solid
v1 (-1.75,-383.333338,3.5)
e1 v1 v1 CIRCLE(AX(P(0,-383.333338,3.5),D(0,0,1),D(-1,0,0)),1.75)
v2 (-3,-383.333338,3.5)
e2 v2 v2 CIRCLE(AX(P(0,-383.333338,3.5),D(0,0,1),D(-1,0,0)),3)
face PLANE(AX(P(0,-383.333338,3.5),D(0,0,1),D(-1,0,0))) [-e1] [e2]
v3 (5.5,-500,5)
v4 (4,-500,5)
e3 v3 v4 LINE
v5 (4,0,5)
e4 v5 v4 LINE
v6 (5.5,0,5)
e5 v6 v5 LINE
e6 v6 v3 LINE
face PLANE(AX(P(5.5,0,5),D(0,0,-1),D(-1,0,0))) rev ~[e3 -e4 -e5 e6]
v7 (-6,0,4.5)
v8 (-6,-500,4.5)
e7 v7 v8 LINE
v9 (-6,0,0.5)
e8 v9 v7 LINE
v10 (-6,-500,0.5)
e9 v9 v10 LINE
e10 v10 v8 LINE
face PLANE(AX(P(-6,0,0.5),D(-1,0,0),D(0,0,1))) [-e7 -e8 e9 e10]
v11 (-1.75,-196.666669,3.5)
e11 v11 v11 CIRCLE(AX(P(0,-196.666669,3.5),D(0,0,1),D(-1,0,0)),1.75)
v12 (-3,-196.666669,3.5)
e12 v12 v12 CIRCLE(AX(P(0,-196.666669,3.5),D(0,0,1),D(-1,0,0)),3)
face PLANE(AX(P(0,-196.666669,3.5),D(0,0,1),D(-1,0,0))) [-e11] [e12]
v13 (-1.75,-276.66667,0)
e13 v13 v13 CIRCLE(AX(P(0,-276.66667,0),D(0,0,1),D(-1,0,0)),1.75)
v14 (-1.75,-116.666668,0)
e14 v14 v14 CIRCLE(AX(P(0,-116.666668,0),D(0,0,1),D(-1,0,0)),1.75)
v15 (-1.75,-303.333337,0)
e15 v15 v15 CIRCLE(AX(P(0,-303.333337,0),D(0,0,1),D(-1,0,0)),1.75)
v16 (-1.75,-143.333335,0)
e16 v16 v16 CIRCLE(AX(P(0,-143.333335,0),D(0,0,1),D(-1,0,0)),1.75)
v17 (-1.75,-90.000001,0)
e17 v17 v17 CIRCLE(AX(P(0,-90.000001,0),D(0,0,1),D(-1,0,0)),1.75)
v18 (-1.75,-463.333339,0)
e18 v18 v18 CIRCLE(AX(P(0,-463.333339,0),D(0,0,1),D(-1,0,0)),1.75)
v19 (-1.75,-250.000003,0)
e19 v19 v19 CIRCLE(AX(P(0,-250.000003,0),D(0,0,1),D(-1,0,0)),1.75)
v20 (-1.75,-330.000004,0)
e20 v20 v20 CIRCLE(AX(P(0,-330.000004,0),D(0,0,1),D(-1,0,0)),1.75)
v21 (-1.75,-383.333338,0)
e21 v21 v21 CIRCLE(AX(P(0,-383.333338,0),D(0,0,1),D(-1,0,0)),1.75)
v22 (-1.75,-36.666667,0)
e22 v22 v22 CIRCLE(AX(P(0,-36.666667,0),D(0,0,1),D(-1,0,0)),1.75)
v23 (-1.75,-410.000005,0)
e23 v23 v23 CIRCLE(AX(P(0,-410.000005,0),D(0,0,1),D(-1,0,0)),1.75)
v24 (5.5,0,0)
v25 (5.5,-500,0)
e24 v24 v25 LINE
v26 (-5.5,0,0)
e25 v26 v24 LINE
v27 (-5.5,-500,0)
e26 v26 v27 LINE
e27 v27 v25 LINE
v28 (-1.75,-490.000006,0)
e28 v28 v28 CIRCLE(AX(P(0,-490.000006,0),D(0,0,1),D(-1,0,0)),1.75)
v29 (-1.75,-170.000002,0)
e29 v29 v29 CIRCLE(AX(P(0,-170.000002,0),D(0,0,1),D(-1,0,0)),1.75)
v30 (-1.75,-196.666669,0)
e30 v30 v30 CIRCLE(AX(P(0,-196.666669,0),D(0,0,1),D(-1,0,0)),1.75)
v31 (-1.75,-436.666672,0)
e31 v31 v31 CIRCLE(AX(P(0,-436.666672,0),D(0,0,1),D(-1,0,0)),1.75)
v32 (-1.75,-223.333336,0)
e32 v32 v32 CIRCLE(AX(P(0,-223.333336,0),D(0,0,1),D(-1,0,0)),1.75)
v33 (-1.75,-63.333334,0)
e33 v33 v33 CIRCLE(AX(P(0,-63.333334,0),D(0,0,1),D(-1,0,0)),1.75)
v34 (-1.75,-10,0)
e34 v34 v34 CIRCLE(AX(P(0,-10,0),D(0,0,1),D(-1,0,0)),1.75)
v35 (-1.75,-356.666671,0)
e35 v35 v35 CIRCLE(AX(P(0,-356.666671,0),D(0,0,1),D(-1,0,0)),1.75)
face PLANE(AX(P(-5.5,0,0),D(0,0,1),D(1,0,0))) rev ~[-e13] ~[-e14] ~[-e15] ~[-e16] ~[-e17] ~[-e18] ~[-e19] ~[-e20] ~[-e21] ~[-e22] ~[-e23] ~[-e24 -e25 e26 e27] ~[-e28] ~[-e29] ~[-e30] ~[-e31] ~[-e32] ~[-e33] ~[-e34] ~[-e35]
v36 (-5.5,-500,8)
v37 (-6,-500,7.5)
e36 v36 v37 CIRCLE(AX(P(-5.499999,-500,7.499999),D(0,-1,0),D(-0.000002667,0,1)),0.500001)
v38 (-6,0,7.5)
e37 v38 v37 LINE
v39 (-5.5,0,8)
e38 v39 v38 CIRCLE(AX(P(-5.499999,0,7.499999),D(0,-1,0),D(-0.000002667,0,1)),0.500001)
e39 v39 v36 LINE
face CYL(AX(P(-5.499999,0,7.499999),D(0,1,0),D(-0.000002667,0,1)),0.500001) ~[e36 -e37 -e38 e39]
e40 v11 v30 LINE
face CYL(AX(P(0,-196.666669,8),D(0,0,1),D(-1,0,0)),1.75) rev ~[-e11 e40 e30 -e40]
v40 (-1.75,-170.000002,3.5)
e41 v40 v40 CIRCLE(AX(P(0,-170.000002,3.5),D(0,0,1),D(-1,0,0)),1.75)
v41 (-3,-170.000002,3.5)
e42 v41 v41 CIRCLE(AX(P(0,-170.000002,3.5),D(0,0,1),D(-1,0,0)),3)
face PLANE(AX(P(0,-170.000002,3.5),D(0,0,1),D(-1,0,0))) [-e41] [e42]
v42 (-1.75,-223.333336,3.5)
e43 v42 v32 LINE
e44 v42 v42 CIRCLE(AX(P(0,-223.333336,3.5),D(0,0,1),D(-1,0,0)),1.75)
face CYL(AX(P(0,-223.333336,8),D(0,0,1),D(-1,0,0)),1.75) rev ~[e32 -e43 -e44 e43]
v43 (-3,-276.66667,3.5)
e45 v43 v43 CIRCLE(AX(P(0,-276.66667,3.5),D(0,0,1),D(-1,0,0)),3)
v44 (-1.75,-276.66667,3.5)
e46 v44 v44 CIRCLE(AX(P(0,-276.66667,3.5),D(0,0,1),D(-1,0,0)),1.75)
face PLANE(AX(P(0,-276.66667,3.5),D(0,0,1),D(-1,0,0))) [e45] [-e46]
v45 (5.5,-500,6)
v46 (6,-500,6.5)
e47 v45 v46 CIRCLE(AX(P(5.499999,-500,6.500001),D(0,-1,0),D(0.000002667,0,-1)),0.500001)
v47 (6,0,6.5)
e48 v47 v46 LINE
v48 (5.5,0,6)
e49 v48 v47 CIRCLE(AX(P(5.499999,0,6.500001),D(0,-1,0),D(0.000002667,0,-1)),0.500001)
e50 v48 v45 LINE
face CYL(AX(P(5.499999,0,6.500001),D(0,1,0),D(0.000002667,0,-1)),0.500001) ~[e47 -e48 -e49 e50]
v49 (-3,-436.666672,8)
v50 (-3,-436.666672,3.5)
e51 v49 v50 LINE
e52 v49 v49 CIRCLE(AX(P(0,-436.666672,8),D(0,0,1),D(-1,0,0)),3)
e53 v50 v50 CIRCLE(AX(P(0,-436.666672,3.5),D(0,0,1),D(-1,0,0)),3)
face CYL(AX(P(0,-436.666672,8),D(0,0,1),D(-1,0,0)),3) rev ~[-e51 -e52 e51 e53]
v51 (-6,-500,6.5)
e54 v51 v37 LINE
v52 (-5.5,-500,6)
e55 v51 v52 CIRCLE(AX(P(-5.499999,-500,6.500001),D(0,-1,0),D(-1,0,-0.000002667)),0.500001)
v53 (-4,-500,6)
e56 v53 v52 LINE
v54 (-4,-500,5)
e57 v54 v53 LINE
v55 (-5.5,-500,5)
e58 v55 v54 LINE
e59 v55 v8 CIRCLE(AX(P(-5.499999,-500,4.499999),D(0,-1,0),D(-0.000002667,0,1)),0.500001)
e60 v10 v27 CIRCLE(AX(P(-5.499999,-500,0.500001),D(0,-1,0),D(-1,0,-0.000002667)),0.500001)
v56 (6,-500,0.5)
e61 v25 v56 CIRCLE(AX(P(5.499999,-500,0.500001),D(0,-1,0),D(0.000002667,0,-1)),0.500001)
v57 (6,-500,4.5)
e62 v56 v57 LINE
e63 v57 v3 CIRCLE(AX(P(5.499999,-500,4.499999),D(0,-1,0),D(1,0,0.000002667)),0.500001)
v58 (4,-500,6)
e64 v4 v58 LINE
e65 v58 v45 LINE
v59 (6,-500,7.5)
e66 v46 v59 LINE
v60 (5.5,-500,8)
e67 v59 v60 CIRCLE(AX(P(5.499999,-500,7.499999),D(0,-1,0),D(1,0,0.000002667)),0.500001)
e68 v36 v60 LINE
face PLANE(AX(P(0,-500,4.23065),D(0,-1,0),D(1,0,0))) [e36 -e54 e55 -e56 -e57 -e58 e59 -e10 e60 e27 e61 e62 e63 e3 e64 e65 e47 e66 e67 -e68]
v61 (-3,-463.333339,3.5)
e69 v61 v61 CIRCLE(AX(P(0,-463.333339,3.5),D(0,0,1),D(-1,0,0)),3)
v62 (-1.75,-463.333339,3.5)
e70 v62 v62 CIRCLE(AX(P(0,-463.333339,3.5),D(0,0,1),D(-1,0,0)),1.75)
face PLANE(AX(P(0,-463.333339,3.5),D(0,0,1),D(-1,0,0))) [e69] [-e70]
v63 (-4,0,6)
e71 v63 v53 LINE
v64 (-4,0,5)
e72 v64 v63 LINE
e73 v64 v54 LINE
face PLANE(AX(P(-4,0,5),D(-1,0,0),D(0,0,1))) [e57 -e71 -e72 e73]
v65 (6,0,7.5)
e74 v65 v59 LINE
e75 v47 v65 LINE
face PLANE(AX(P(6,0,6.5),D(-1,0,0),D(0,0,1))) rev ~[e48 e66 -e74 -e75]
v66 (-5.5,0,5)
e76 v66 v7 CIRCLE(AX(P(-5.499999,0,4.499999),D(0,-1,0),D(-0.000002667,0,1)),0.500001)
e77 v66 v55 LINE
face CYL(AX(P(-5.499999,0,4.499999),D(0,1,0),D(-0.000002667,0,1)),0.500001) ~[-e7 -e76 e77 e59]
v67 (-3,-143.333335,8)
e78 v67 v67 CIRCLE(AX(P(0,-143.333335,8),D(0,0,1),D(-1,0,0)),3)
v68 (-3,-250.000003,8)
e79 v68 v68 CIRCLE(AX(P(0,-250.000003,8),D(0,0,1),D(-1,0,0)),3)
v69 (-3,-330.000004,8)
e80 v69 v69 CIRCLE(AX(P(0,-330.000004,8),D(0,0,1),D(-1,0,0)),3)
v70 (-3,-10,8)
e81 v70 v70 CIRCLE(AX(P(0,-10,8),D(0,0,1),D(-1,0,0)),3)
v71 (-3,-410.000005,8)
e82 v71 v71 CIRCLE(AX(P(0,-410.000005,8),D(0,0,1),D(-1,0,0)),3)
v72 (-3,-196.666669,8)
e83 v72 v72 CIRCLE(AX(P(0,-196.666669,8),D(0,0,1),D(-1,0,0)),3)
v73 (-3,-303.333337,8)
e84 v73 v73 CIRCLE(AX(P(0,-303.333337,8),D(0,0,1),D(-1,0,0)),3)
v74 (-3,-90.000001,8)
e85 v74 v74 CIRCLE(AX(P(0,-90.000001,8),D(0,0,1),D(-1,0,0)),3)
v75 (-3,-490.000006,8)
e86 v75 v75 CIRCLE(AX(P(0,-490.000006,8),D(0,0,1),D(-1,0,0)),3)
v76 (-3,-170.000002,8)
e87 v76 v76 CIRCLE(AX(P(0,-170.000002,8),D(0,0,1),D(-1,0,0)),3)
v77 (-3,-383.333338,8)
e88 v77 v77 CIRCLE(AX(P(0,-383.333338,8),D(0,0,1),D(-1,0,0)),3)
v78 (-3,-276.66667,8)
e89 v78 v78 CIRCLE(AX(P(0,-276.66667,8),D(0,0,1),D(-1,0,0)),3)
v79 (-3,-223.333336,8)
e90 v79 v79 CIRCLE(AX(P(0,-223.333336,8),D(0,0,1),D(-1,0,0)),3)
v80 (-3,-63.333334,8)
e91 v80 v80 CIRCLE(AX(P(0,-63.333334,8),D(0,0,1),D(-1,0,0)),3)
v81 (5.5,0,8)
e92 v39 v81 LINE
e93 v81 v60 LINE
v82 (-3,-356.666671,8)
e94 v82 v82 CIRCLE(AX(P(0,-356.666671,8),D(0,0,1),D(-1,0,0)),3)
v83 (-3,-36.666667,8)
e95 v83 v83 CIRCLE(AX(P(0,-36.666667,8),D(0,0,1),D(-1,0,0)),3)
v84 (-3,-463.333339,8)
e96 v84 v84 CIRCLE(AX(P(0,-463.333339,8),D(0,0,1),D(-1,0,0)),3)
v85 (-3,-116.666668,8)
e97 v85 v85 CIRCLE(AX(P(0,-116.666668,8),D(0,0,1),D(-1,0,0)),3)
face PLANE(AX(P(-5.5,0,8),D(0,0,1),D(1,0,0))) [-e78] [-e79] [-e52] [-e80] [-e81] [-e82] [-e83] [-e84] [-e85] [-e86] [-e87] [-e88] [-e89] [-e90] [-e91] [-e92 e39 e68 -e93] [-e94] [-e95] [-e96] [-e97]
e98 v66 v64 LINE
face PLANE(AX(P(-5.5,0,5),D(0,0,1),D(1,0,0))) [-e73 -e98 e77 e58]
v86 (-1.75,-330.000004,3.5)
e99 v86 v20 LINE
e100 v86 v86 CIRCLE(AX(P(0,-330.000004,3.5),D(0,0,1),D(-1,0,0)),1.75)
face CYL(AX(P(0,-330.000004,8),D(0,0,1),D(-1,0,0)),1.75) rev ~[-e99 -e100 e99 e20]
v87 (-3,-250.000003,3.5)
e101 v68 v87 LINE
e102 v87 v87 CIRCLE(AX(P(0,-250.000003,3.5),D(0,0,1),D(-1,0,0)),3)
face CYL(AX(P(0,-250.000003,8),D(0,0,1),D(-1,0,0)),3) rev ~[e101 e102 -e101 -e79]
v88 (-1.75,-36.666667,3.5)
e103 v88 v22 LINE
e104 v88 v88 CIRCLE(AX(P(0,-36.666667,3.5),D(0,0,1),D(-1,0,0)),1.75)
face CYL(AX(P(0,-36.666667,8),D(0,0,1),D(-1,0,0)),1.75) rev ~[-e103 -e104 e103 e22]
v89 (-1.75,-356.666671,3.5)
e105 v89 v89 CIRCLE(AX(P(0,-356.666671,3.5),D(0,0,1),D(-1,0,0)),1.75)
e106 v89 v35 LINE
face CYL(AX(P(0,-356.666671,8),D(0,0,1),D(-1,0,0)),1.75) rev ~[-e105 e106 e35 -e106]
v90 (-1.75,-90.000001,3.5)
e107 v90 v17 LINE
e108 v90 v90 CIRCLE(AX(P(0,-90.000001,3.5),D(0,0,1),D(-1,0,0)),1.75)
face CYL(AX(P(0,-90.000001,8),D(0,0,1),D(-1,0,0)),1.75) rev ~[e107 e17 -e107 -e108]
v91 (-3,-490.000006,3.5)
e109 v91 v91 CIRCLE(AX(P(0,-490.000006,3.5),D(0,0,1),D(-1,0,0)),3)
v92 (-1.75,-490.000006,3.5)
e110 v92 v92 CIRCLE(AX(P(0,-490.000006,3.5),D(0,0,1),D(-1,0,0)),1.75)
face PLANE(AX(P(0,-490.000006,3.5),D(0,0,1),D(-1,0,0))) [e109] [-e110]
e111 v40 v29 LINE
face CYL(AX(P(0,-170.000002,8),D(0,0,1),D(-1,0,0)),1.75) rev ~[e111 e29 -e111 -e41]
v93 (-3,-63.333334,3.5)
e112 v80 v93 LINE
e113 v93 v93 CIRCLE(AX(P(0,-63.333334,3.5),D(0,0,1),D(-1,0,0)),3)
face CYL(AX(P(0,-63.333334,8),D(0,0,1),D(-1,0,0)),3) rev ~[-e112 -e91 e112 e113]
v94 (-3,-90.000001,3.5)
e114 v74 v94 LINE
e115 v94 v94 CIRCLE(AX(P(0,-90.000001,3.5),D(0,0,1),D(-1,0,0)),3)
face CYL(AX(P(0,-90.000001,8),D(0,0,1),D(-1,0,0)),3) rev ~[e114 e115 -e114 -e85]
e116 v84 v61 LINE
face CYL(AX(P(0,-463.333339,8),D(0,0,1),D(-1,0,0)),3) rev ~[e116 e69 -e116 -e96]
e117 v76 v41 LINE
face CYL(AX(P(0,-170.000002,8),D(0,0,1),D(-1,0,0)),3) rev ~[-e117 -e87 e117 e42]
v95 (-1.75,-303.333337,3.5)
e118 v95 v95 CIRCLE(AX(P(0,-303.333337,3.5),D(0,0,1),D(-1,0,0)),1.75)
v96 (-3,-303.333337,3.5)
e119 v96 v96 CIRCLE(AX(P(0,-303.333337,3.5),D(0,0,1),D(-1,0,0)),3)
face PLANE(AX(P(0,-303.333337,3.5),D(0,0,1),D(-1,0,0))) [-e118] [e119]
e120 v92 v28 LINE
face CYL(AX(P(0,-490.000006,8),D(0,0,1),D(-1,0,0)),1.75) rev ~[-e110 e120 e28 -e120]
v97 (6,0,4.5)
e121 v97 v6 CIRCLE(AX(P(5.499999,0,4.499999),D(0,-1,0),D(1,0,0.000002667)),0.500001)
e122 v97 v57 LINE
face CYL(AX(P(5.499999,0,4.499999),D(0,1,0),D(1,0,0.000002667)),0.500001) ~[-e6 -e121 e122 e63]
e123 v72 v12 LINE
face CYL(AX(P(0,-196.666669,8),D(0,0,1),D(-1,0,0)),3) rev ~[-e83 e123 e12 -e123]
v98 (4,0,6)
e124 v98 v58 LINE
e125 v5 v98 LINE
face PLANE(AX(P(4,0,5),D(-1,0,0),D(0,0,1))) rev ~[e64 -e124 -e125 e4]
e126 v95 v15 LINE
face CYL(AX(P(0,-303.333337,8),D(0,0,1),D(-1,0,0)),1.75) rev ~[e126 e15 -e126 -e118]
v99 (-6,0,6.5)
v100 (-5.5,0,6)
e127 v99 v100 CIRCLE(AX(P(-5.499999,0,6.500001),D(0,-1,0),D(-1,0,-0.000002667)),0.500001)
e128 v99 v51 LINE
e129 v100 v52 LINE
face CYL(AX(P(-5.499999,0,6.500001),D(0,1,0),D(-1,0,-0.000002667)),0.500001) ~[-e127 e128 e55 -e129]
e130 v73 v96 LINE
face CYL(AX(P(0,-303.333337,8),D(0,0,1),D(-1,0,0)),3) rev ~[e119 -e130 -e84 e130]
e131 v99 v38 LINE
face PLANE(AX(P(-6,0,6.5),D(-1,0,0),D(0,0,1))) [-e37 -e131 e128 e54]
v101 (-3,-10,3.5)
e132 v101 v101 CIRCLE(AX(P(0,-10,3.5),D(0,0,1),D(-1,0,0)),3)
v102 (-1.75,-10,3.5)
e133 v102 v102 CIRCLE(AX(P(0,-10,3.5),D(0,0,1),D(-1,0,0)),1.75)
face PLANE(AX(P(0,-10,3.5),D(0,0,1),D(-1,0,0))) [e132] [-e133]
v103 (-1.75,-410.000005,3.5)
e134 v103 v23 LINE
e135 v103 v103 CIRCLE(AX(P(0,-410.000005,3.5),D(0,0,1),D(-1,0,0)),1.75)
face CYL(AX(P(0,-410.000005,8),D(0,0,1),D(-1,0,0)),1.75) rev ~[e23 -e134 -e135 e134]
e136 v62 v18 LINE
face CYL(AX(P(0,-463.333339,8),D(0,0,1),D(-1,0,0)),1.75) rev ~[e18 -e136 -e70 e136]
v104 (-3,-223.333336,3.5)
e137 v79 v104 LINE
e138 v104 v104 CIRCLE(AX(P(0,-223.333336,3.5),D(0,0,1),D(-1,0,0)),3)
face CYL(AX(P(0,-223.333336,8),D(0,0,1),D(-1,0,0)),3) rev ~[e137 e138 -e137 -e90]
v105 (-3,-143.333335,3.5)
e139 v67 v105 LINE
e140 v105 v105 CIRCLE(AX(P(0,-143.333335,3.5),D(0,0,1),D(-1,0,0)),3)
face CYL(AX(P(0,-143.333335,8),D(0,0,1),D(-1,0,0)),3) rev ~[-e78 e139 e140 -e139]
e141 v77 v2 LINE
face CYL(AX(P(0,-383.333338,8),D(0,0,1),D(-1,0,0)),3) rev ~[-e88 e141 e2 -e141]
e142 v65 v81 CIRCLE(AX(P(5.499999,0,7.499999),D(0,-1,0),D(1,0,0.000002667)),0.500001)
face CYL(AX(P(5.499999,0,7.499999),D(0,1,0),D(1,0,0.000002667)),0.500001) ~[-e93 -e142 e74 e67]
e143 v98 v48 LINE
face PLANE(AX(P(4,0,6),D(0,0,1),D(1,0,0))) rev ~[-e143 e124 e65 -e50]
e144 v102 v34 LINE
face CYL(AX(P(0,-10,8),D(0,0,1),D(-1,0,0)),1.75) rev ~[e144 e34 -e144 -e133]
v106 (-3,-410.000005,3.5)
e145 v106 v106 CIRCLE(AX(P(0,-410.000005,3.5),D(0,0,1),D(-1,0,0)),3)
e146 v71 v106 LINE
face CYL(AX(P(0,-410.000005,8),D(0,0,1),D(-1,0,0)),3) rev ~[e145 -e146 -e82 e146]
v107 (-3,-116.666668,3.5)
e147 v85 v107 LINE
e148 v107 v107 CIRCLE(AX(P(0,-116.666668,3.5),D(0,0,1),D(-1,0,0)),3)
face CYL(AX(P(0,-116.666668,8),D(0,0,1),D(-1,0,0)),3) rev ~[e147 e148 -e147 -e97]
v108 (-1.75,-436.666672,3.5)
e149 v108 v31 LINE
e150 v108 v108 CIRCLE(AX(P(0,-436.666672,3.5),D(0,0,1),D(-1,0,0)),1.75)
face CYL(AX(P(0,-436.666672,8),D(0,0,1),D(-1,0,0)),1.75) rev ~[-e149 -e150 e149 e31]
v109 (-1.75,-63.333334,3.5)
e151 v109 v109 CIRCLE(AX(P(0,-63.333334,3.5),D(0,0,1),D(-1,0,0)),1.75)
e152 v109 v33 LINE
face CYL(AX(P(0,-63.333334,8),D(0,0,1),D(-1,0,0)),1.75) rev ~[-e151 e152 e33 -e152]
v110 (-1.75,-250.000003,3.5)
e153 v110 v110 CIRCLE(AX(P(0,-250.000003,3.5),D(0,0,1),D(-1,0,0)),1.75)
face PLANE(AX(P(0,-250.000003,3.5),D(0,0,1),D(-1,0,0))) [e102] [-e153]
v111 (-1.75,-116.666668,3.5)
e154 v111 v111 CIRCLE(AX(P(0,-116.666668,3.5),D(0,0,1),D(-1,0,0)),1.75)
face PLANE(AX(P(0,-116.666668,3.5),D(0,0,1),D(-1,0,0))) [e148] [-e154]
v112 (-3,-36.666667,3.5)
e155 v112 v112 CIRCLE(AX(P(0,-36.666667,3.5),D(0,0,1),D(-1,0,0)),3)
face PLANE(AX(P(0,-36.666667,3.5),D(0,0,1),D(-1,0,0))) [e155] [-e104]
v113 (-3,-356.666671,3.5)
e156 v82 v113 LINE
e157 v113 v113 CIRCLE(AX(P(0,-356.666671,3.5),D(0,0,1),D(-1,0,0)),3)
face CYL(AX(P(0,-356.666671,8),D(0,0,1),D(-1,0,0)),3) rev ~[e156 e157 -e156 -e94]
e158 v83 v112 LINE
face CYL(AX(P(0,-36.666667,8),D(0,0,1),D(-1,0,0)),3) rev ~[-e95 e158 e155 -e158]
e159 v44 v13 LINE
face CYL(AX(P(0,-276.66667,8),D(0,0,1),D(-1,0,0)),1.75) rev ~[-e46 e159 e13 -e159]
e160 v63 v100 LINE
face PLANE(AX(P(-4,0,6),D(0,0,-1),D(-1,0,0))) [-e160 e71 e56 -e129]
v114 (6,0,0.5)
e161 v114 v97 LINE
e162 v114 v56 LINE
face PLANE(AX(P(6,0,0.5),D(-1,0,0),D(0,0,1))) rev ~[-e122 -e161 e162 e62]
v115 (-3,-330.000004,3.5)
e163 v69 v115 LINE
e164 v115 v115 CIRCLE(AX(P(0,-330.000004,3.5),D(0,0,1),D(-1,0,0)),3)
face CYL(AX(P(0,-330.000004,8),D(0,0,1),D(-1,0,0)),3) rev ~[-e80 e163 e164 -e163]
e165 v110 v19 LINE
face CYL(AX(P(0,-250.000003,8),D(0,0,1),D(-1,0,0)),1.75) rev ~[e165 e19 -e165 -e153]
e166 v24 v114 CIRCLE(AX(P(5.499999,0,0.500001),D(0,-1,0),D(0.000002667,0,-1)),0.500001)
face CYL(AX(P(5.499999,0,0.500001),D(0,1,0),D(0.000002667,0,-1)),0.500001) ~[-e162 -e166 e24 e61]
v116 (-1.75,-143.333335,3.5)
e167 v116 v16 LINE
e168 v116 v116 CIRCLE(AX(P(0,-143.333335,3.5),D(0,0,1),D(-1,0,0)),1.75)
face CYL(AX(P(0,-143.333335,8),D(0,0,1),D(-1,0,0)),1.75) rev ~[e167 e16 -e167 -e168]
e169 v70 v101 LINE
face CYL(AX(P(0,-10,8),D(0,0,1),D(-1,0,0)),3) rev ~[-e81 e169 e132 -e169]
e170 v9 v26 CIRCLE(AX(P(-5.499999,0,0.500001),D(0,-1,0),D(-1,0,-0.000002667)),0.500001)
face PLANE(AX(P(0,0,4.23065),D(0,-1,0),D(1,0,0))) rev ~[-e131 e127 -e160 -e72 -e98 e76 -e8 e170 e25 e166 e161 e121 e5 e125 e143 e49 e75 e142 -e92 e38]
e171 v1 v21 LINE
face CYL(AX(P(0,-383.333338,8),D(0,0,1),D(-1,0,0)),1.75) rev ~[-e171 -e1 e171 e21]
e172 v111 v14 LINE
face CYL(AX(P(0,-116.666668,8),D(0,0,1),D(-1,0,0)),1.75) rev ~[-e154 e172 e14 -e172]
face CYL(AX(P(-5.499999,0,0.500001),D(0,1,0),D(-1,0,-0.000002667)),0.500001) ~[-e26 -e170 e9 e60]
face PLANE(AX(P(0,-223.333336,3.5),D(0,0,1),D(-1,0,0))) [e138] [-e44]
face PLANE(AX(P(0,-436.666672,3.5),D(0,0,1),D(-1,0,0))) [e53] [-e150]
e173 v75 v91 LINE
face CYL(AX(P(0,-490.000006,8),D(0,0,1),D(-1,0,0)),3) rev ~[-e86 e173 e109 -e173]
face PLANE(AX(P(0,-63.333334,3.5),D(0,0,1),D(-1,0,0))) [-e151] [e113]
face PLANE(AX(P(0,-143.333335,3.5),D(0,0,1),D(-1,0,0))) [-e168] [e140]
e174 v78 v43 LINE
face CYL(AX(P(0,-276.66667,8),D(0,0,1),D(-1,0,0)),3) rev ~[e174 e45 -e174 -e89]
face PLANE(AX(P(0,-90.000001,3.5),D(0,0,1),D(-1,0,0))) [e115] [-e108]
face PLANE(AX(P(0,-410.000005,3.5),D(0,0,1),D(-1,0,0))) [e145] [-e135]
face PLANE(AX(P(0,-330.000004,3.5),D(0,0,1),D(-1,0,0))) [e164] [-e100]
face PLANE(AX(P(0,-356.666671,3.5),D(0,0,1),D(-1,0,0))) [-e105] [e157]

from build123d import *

# Parameters (mm, degrees)
PAD_DEPTH           = 500
SKETCH001_R         = 3
POCKET_DEPTH        = 4.5
SKETCH002_R         = 1.75
POCKET001_DEPTH     = 8.001
LINEARPATTERN_COUNT = 19
LINEARPATTERN_PITCH = 26.666667


with BuildPart() as part:
    # Sketch → Pad (new body)
    with BuildSketch(Plane.XZ):
        with BuildLine():
            Line((-5.5, 0), (5.5, 0))
            ThreePointArc((5.5, 0), (5.853553, 0.146447), (6, 0.5))
            Line((6, 0.5), (6, 4.5))
            ThreePointArc((6, 4.5), (5.853553, 4.853553), (5.5, 5))
            Line((5.5, 5), (4, 5))
            Line((4, 5), (4, 6))
            Line((4, 6), (5.5, 6))
            ThreePointArc((5.5, 6), (5.853553, 6.146447), (6, 6.5))
            Line((6, 6.5), (6, 7.5))
            ThreePointArc((6, 7.5), (5.853553, 7.853553), (5.5, 8))
            Line((-5.5, 8), (5.5, 8))
            ThreePointArc((-5.5, 8), (-5.853553, 7.853553), (-6, 7.5))
            Line((-6, 6.5), (-6, 7.5))
            ThreePointArc((-6, 6.5), (-5.853553, 6.146447), (-5.5, 6))
            Line((-4, 6), (-5.5, 6))
            Line((-4, 5), (-4, 6))
            Line((-5.5, 5), (-4, 5))
            ThreePointArc((-5.5, 5), (-5.853553, 4.853553), (-6, 4.5))
            Line((-6, 0.5), (-6, 4.5))
            ThreePointArc((-6, 0.5), (-5.853553, 0.146447), (-5.5, 0))
        make_face()
    extrude(amount=PAD_DEPTH)

    # Sketch001 (on Face12 of Pad) → Pocket (cut)
    with BuildSketch(Plane(origin=(0, 0, 8), x_dir=(-1, 0, 0), z_dir=(0, 0, 1))):
        with Locations((0, 10)):
            Circle(SKETCH001_R)
    pocket = extrude(amount=-POCKET_DEPTH, mode=Mode.SUBTRACT)

    # Sketch002 (on Face16 of Pocket) → Pocket001 (cut, through all)
    with BuildSketch(Plane(origin=(0, 0, 8), x_dir=(-1, 0, 0), z_dir=(0, 0, 1))):
        with Locations((0, 10)):
            Circle(SKETCH002_R)
    pocket001 = extrude(amount=-POCKET001_DEPTH, mode=Mode.SUBTRACT)

    # LinearPattern: Pocket, Pocket001 ×19
    with Locations(*[(0, -i * LINEARPATTERN_PITCH, 0) for i in range(1, LINEARPATTERN_COUNT)]):
        add(pocket, mode=Mode.SUBTRACT)
        add(pocket001, mode=Mode.SUBTRACT)


solid = part.part
